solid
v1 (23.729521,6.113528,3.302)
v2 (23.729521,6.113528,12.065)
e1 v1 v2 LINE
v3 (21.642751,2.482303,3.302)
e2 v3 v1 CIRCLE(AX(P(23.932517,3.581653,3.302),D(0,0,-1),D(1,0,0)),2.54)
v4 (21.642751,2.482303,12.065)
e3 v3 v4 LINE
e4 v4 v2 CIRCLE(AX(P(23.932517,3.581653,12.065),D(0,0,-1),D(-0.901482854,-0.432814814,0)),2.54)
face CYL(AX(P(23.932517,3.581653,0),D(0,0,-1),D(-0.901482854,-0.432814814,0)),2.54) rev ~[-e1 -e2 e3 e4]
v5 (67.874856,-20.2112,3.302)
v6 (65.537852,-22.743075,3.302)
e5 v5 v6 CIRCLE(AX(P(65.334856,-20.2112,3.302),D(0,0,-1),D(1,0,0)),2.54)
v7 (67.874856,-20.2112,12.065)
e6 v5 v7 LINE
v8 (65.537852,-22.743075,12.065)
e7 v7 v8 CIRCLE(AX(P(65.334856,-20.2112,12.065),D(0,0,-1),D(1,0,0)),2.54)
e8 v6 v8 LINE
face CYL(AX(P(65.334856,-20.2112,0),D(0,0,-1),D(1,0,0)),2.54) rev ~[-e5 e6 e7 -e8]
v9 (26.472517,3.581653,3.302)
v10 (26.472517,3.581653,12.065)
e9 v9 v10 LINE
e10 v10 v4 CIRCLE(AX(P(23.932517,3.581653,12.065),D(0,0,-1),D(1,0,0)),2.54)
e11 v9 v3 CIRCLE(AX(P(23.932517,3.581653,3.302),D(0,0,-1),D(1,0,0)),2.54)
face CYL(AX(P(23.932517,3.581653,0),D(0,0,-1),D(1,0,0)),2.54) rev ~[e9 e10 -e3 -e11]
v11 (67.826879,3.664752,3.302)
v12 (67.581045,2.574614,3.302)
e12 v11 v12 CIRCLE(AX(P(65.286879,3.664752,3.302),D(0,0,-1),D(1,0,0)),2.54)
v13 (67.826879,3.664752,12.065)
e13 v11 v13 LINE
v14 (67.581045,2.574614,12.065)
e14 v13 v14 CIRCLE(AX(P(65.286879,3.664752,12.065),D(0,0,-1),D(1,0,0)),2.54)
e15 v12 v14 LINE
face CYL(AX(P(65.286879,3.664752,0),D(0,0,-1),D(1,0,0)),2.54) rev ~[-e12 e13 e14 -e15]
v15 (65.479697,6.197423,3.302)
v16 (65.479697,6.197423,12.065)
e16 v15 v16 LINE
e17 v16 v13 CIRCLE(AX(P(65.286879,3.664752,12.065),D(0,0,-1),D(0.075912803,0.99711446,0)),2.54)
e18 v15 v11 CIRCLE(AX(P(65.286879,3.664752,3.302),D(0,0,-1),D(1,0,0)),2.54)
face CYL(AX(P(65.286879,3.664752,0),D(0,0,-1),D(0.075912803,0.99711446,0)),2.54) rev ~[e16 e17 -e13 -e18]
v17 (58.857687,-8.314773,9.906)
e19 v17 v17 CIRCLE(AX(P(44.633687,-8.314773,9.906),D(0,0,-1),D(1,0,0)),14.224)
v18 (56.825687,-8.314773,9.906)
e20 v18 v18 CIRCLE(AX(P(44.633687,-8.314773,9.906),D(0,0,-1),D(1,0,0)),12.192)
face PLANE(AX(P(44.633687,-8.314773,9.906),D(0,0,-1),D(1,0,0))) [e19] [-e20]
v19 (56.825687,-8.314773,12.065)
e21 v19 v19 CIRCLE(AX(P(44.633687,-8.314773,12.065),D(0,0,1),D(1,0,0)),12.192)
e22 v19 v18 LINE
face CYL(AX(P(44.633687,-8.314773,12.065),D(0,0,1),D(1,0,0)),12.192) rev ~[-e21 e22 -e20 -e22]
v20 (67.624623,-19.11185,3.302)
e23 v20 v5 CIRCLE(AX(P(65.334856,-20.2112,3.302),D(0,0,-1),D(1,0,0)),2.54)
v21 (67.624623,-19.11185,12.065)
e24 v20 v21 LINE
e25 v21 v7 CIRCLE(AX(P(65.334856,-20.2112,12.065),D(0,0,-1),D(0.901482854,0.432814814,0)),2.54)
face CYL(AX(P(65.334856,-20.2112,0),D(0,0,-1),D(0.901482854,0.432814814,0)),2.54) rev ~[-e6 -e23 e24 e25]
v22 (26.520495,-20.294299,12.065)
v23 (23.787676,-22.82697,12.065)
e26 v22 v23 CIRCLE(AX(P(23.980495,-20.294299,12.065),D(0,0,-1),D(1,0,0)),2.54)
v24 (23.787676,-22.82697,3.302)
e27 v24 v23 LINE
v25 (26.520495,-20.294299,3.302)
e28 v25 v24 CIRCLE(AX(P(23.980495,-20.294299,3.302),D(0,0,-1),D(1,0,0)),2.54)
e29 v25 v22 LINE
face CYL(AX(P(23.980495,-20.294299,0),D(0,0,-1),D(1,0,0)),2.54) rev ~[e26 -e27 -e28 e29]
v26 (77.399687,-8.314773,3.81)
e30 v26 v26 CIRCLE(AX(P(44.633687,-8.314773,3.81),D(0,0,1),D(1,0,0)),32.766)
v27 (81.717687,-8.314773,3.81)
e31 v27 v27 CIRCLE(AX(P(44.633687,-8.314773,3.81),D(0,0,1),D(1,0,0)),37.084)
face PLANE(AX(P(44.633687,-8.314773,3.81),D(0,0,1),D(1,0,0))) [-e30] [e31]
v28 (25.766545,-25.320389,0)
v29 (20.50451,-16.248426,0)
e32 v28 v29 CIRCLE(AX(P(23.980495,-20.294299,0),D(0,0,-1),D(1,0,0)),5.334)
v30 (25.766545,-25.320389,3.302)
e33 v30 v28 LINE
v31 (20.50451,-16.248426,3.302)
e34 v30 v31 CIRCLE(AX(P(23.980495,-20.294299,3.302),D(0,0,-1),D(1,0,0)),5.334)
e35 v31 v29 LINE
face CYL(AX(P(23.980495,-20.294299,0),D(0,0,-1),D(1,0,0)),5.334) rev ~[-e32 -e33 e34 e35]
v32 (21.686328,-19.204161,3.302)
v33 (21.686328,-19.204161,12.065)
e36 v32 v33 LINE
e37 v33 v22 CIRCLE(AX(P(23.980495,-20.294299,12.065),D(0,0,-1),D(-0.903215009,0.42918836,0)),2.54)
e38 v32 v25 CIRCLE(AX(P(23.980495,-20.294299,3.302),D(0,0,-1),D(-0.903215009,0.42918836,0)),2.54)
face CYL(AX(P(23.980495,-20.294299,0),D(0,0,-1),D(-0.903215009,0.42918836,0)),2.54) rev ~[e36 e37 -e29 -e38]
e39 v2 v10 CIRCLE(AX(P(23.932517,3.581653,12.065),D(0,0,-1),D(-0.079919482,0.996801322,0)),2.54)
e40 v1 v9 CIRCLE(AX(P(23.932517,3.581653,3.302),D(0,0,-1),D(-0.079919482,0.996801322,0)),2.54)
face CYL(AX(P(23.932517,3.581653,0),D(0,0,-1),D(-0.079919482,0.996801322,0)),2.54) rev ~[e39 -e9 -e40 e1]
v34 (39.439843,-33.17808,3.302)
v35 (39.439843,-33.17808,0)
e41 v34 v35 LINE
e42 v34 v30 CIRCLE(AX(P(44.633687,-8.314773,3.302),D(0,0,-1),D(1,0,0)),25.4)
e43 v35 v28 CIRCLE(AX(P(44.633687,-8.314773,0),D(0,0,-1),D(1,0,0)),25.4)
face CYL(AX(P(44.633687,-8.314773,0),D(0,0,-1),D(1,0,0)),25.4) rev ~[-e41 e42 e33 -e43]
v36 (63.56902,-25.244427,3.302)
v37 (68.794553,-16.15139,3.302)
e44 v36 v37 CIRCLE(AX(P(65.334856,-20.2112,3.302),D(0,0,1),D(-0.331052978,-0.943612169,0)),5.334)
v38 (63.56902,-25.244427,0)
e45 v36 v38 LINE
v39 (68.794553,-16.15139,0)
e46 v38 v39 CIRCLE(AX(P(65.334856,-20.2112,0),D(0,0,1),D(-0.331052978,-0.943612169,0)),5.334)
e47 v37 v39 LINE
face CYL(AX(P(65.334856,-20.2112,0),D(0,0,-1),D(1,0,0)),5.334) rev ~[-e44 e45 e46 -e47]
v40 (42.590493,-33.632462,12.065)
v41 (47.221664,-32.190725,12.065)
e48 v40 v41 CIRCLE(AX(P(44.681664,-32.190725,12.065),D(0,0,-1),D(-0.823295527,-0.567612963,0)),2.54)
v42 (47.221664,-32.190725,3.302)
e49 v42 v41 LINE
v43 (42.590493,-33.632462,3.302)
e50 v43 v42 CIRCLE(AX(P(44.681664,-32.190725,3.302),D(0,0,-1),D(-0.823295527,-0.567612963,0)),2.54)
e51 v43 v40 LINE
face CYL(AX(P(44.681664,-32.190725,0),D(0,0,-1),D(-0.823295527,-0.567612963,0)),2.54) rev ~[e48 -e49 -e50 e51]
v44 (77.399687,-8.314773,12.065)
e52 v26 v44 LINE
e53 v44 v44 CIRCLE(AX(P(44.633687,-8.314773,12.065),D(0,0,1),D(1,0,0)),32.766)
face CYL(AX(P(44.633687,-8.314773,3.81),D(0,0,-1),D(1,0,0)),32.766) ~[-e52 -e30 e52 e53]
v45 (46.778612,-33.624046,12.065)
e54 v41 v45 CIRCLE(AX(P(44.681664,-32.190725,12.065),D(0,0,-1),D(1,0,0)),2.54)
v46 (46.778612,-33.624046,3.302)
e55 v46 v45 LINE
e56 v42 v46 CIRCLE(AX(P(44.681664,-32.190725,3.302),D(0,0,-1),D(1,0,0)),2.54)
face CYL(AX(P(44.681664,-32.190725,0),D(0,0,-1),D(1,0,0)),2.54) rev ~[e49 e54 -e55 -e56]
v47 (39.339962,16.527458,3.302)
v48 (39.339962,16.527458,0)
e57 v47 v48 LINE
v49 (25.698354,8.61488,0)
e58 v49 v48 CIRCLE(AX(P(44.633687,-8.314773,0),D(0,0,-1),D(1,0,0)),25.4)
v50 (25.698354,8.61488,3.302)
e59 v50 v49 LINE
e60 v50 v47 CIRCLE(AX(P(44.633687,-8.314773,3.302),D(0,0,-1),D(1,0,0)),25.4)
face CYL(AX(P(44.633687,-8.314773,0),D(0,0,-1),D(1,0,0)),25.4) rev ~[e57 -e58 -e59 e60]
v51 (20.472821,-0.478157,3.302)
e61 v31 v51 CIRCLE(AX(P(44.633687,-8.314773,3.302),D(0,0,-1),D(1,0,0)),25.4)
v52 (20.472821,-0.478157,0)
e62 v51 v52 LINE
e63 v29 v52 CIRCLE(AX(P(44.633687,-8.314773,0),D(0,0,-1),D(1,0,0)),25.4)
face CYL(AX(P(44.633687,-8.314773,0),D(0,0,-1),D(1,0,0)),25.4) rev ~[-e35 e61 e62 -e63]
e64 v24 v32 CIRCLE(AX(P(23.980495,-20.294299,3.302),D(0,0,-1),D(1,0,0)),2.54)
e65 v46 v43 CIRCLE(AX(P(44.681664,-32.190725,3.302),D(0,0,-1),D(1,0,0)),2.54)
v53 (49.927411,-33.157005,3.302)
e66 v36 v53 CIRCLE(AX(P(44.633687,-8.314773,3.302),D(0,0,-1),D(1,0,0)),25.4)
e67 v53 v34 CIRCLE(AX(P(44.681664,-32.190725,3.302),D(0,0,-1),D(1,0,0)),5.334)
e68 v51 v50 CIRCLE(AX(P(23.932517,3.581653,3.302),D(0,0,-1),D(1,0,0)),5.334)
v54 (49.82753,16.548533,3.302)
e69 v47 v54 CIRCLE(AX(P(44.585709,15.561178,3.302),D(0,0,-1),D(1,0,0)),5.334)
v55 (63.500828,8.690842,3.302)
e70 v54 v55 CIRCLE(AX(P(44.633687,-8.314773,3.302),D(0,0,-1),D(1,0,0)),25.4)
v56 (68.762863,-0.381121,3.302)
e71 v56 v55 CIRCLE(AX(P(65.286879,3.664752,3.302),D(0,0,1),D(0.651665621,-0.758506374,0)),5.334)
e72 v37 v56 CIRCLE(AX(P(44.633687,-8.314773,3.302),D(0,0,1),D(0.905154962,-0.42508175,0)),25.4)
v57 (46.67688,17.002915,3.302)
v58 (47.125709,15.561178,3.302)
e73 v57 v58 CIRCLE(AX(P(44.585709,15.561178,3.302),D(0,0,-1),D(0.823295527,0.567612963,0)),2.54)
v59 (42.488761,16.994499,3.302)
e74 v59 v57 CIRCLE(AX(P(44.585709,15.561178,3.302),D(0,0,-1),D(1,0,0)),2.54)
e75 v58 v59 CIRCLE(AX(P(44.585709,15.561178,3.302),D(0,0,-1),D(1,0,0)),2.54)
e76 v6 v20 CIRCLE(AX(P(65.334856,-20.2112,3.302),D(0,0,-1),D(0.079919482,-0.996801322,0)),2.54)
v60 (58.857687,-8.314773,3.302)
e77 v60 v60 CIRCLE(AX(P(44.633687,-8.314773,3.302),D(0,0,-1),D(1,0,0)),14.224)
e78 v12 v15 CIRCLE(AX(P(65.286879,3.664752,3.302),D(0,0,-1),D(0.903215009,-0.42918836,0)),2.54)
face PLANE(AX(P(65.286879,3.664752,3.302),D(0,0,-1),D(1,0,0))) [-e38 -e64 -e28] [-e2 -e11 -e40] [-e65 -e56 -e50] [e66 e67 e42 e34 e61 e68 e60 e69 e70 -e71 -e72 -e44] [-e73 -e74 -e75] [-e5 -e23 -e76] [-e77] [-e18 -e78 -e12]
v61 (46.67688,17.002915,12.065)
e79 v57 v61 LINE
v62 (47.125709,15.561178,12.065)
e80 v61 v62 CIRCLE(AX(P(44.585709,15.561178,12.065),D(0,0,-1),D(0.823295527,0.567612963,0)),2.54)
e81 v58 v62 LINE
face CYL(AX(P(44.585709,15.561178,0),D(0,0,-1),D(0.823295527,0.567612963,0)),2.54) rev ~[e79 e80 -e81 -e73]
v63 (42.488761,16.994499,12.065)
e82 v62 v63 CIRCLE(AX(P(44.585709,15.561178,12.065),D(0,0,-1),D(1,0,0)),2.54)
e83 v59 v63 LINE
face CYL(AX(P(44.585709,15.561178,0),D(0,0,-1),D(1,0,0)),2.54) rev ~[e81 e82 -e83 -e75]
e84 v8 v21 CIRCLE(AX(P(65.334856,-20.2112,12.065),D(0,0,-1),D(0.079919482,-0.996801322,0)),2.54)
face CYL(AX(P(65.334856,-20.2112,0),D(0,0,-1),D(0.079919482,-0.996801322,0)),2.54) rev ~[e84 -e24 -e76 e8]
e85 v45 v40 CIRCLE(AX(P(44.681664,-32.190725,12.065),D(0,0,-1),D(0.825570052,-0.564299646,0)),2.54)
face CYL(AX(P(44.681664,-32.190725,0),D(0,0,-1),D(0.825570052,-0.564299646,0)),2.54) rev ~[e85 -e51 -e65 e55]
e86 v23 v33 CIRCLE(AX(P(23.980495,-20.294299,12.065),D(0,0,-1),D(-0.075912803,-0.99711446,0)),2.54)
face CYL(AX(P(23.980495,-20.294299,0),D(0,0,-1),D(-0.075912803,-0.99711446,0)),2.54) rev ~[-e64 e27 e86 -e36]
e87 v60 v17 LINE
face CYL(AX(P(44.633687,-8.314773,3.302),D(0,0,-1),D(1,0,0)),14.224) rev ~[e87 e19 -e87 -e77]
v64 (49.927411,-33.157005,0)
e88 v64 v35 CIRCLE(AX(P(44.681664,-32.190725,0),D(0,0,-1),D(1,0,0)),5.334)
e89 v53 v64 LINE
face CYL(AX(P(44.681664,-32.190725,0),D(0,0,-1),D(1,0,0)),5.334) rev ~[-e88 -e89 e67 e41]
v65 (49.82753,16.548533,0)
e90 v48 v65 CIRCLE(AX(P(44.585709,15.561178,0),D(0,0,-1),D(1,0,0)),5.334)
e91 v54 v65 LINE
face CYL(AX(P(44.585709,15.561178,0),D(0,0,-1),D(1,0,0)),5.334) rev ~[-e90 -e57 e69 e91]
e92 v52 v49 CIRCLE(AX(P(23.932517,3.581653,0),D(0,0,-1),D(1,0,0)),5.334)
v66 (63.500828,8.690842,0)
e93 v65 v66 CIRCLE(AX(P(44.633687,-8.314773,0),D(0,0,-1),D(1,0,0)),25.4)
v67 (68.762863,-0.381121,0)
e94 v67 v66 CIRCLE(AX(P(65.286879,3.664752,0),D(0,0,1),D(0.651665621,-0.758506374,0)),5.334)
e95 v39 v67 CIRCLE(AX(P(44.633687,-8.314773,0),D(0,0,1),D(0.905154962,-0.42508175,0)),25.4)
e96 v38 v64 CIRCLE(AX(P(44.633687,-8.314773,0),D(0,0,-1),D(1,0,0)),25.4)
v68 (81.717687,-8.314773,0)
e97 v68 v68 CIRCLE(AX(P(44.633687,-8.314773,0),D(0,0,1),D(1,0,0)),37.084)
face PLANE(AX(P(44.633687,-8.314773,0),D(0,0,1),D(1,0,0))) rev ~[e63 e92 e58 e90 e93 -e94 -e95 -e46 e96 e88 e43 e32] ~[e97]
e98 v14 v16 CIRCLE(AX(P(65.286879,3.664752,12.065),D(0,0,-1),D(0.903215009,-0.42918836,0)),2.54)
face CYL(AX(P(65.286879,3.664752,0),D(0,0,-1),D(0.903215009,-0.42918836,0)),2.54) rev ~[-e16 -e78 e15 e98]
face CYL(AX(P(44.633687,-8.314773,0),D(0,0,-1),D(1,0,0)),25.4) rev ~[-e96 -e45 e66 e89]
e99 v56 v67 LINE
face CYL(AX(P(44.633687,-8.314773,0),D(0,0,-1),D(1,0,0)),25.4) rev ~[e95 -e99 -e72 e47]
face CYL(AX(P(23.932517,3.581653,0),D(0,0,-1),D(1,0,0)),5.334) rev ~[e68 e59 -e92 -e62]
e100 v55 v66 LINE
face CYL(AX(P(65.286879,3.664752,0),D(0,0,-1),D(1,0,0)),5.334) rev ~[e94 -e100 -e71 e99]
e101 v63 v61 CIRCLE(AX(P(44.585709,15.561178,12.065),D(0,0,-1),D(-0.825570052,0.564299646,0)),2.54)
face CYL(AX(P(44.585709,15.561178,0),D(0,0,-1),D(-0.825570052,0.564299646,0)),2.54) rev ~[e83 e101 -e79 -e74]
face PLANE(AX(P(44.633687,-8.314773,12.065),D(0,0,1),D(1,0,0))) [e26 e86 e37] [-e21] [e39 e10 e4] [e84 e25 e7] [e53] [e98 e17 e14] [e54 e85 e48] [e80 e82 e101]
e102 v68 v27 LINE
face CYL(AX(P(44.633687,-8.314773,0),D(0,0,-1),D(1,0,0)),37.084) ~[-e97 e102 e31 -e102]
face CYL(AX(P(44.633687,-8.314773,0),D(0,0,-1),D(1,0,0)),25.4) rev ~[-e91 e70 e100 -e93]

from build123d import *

# Parameters (mm, degrees)
F0_R      = 37.084
F1_DEPTH  = 3.81
F2_R      = 32.766
F3_DEPTH  = 8.255
F4_R      = 12.192
F5_DEPTH  = 12.065
F6_R      = 25.4
F6_R_2    = 12.192
F7_DEPTH  = 3.302
F8_R      = 14.224
F8_R_2    = 12.192
F9_DEPTH  = 6.604
F11_DEPTH = 12.192
F10_R     = 5.334
F10_R_2   = 2.54
F12_DEPTH = 3.302


with BuildPart() as f1:
    # F0 (on Top) → F1 (new body)
    with BuildSketch(Plane.XY):
        with Locations((44.6336865425, -8.3147734404)):
            Circle(F0_R)
    extrude(amount=F1_DEPTH)

    # F2 (on face) → F3 (join)
    with BuildSketch(Plane.XY.offset(3.81)):
        with Locations((44.6336865425, -8.3147734404)):
            Circle(F2_R)
    extrude(amount=F3_DEPTH)

    # F4 (on face) → F5 (cut)
    with BuildSketch(Plane.XY.offset(12.065)):
        with Locations((44.6336865425, -8.3147734404)):
            Circle(F4_R)
    extrude(amount=-F5_DEPTH, mode=Mode.SUBTRACT)

    # F6 (on face) → F7 (cut)
    with BuildSketch(Plane(origin=(0, 0, 0), x_dir=(1, 0, 0), z_dir=(0, 0, -1))):
        with Locations((44.6336865425, 8.3147734404)):
            Circle(F6_R)
        with Locations((44.6336865425, 8.3147734404)):
            Circle(F6_R_2, mode=Mode.SUBTRACT)
    extrude(amount=-F7_DEPTH, mode=Mode.SUBTRACT)

    # F8 (on face) → F9 (cut)
    with BuildSketch(Plane(origin=(0, 0, 3.302), x_dir=(1, 0, 0), z_dir=(0, 0, -1))):
        with Locations((44.6336865425, 8.3147734404)):
            Circle(F8_R)
        with Locations((44.6336865425, 8.3147734404)):
            Circle(F8_R_2, mode=Mode.SUBTRACT)
    extrude(amount=-F9_DEPTH, mode=Mode.SUBTRACT)

    # F10 (on face) → F11 (cut)
    with BuildSketch(Plane(origin=(0, 0, 0), x_dir=(1, 0, 0), z_dir=(0, 0, -1))):
        with BuildLine():
            ThreePointArc((26.4725169512, -3.5816526428), (24.4962514712, -1.1050009937), (21.6427505016, -2.4823030141))
            ThreePointArc((21.6427505016, -2.4823030141), (22.6111657007, -4.3409989885), (23.7295214672, -6.1135280018))
            ThreePointArc((23.7295214672, -6.1135280018), (25.6553041509, -5.4480942478), (26.4725169512, -3.5816526428))
        make_face()
        with BuildLine():
            ThreePointArc((23.7295214672, -6.1135280018), (22.6111657007, -4.3409989885), (21.6427505016, -2.4823030141))
            ThreePointArc((21.6427505016, -2.4823030141), (21.730264867, -4.8472298857), (23.7295214672, -6.1135280018))
        make_face()
        with BuildLine():
            ThreePointArc((26.5204945446, 20.2942991529), (25.7070287844, 22.1572751374), (23.7876760259, 22.8269698814))
            ThreePointArc((23.7876760259, 22.8269698814), (22.6622056937, 21.0589497303), (21.6863284225, 19.2041607194))
            ThreePointArc((21.6863284225, 19.2041607194), (24.5392512224, 17.8165197085), (26.5204945446, 20.2942991529))
        make_face()
        with BuildLine():
            ThreePointArc((21.6863284225, 19.2041607194), (22.6622056937, 21.0589497303), (23.7876760259, 22.8269698814))
            ThreePointArc((23.7876760259, 22.8269698814), (21.7833464597, 21.5687167819), (21.6863284225, 19.2041607194))
        make_face()
        with BuildLine():
            ThreePointArc((47.2216641359, 32.1907252361), (47.1083746403, 32.9408426453), (46.7786120668, 33.6240463358))
            ThreePointArc((46.7786120668, 33.6240463358), (44.6847265355, 33.7147221592), (42.5904934978, 33.6324621615))
            ThreePointArc((42.5904934978, 33.6324621615), (43.9266718912, 29.7655269534), (47.2216641359, 32.1907252361))
        make_face()
        with BuildLine():
            ThreePointArc((42.5904934978, 33.6324621615), (44.6847265355, 33.7147221592), (46.7786120668, 33.6240463358))
            ThreePointArc((46.7786120668, 33.6240463358), (44.6867681352, 34.7307201079), (42.5904934978, 33.6324621615))
        make_face()
        with BuildLine():
            ThreePointArc((67.6246225834, 19.1118498948), (66.6562073843, 20.9705458693), (65.5378516178, 22.7430748825))
            ThreePointArc((65.5378516178, 22.7430748825), (63.1326040496, 18.9456222806), (67.6246225834, 19.1118498948))
        make_face()
        with BuildLine():
            ThreePointArc((67.6246225834, 19.1118498948), (67.8115077829, 19.6474650036), (67.8748561338, 20.2111995235))
            ThreePointArc((67.8748561338, 20.2111995235), (67.2012977387, 21.9339867232), (65.5378516178, 22.7430748825))
            ThreePointArc((65.5378516178, 22.7430748825), (66.6562073843, 20.9705458693), (67.6246225834, 19.1118498948))
        make_face()
        with BuildLine():
            ThreePointArc((67.8268785404, -3.6647522722), (67.7646579848, -3.1059955944), (67.5810446625, -2.5746138386))
            ThreePointArc((67.5810446625, -2.5746138386), (66.6051673914, -4.4294028496), (65.4796970591, -6.1974230006))
            ThreePointArc((65.4796970591, -6.1974230006), (67.1498545249, -5.391286512), (67.8268785404, -3.6647522722))
        make_face()
        with BuildLine():
            ThreePointArc((65.4796970591, -6.1974230006), (66.6051673914, -4.4294028496), (67.5810446625, -2.5746138386))
            ThreePointArc((67.5810446625, -2.5746138386), (63.0897304555, -2.3903346432), (65.4796970591, -6.1974230006))
        make_face()
        with BuildLine():
            ThreePointArc((42.4887610182, -16.9944994551), (44.5806049498, -18.1011732272), (46.6768795873, -17.0029152808))
            ThreePointArc((46.6768795873, -17.0029152808), (44.5826465496, -17.0851752785), (42.4887610182, -16.9944994551))
        make_face()
        with BuildLine():
            ThreePointArc((42.4887610182, -16.9944994551), (44.5826465496, -17.0851752785), (46.6768795873, -17.0029152808))
            ThreePointArc((46.6768795873, -17.0029152808), (47.0109072318, -16.3161706001), (47.1257089491, -15.5611783553))
            ThreePointArc((47.1257089491, -15.5611783553), (43.8355915399, -13.1344678509), (42.4887610182, -16.9944994551))
        make_face()
    extrude(amount=-F11_DEPTH, mode=Mode.SUBTRACT)

    # F10 (on face) → F12 (cut)
    with BuildSketch(Plane(origin=(0, 0, 0), x_dir=(1, 0, 0), z_dir=(0, 0, -1))):
        with Locations((44.6816641359, 32.1907252361)):
            Circle(F10_R)
        with Locations((44.6816641359, 32.1907252361)):
            Circle(F10_R_2, mode=Mode.SUBTRACT)
        with Locations((65.3348561338, 20.2111995235)):
            Circle(F10_R)
        with Locations((65.3348561338, 20.2111995235)):
            Circle(F10_R_2, mode=Mode.SUBTRACT)
        with Locations((65.2868785404, -3.6647522722)):
            Circle(F10_R)
        with Locations((65.2868785404, -3.6647522722)):
            Circle(F10_R_2, mode=Mode.SUBTRACT)
        with Locations((44.5857089491, -15.5611783553)):
            Circle(F10_R)
        with Locations((44.5857089491, -15.5611783553)):
            Circle(F10_R_2, mode=Mode.SUBTRACT)
        with Locations((23.9325169512, -3.5816526428)):
            Circle(F10_R)
        with Locations((23.9325169512, -3.5816526428)):
            Circle(F10_R_2, mode=Mode.SUBTRACT)
        with Locations((23.9804945446, 20.2942991529)):
            Circle(F10_R)
        with Locations((23.9804945446, 20.2942991529)):
            Circle(F10_R_2, mode=Mode.SUBTRACT)
    extrude(amount=-F12_DEPTH, mode=Mode.SUBTRACT)


solid = f1.part
